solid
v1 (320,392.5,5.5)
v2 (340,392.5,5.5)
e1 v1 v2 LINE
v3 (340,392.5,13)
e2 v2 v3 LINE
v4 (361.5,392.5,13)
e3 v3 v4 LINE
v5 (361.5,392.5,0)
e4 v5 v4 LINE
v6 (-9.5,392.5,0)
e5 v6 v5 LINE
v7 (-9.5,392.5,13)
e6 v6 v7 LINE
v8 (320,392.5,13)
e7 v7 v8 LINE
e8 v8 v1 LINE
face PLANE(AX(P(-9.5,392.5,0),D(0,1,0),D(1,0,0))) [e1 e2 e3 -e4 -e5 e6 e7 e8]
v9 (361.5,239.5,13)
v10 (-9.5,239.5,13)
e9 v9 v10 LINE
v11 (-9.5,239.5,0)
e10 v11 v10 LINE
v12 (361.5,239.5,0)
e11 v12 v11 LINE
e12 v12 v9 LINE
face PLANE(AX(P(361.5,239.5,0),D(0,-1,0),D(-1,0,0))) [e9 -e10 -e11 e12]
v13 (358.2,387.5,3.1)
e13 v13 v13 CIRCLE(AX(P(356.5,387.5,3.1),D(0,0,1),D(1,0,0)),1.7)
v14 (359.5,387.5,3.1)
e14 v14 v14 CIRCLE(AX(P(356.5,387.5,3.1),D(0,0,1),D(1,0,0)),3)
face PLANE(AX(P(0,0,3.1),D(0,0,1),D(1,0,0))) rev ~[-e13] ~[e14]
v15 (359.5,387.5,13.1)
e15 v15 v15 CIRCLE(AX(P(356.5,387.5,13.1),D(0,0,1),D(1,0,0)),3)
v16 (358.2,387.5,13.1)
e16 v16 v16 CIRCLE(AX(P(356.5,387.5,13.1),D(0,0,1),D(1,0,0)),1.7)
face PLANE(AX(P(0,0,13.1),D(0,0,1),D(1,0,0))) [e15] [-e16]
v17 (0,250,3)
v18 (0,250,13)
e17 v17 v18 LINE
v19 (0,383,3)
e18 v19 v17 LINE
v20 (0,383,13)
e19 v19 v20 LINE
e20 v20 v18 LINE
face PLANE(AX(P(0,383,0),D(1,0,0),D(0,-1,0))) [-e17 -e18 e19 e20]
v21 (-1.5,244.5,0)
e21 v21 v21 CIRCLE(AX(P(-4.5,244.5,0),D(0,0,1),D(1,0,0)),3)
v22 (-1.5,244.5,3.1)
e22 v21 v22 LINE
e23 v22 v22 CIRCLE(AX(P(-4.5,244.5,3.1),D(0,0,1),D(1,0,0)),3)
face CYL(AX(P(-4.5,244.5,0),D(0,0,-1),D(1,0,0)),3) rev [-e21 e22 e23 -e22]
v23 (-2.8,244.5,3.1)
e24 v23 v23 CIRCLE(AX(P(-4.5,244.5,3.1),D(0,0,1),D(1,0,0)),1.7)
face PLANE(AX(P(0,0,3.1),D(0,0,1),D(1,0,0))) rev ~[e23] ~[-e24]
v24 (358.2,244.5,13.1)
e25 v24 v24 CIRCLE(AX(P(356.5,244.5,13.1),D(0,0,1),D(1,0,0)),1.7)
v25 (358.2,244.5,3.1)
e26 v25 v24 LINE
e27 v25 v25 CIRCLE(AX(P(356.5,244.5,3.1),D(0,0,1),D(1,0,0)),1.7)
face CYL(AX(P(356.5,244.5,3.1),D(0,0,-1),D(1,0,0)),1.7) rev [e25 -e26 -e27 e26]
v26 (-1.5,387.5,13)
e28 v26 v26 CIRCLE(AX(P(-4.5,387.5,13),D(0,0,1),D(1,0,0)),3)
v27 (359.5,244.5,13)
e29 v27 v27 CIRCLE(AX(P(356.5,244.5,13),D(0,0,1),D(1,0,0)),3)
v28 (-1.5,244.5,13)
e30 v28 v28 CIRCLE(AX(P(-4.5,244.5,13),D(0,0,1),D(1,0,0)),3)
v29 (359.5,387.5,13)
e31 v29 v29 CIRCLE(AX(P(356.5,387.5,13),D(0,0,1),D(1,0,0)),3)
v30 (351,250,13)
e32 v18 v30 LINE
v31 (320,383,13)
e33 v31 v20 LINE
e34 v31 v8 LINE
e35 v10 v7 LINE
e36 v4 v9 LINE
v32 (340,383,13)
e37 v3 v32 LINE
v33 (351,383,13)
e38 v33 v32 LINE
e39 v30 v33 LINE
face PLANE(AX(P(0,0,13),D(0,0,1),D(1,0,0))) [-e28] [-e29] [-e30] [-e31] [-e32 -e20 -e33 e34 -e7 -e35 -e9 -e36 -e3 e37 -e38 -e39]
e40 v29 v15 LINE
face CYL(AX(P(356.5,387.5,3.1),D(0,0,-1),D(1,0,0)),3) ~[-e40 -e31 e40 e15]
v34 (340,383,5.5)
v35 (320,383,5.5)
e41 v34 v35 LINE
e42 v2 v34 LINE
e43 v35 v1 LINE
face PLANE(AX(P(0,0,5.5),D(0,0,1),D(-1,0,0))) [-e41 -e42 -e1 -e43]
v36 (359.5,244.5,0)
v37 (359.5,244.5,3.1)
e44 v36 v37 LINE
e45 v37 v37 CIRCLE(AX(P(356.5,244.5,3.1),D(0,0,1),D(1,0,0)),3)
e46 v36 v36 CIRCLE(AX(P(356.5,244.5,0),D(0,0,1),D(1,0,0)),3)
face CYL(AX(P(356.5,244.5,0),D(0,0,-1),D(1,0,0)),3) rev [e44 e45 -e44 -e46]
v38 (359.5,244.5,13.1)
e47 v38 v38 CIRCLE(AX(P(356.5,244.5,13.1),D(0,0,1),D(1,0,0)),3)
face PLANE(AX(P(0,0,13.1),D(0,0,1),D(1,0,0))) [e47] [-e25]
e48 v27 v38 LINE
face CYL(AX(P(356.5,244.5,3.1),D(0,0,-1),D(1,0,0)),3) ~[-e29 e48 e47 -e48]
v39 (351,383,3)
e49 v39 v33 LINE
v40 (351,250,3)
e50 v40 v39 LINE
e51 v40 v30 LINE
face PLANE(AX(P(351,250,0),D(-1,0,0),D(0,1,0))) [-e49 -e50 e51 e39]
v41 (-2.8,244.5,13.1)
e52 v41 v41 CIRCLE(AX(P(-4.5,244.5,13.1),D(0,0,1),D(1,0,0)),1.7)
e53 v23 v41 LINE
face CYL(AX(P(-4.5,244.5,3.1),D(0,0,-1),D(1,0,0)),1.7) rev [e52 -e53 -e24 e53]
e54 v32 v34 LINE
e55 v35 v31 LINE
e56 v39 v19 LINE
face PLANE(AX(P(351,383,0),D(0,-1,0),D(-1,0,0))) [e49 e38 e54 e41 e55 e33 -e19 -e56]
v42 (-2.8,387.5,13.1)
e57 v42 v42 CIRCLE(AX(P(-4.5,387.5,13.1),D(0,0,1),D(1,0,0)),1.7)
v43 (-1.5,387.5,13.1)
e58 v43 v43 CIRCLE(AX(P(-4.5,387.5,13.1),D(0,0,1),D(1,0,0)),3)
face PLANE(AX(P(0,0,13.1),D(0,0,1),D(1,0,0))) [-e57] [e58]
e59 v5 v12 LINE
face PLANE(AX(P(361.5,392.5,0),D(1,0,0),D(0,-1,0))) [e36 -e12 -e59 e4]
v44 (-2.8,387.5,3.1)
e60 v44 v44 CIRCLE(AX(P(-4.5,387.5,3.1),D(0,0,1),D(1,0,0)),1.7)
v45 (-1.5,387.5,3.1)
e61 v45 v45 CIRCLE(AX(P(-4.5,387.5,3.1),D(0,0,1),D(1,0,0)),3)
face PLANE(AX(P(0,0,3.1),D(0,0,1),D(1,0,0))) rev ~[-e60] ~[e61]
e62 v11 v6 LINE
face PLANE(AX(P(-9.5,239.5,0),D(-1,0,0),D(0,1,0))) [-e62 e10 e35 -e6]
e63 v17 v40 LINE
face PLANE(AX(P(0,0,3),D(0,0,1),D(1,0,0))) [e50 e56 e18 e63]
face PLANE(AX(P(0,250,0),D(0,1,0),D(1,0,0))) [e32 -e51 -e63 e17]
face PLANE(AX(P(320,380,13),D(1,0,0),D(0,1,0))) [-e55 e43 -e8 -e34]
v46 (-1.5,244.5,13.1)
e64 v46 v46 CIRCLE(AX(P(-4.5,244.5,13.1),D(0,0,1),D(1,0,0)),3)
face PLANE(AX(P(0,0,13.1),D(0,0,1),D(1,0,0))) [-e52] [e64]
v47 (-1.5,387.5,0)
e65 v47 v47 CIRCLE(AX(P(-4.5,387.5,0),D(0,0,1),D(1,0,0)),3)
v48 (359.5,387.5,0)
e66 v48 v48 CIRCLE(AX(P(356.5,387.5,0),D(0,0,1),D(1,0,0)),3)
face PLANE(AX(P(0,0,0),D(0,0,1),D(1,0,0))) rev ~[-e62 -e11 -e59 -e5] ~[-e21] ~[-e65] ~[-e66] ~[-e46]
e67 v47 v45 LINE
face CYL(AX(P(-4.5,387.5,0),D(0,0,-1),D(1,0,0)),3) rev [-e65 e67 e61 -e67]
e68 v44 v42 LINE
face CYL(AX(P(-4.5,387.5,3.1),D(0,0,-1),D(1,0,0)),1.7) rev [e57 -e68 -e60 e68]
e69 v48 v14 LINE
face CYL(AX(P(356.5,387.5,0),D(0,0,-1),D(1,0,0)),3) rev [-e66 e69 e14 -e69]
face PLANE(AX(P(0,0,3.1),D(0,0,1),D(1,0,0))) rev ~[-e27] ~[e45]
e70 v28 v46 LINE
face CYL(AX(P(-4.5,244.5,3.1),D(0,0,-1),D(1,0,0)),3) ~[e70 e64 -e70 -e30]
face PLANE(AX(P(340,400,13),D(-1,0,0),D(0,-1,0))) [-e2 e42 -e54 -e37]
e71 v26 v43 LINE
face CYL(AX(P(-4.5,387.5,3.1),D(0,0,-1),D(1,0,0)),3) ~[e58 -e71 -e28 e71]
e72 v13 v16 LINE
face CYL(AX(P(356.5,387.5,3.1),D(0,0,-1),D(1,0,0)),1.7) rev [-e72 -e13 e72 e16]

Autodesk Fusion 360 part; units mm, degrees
sketch "Sketch1" plane through (0, 0, 0) normal (0, 0, 1) x (1, 0, 0)
  line L0 (0, 250) -> (351, 250)
  line L1 (351, 250) -> (351, 383)
  line L2 (351, 383) -> (0, 383)
  line L3 (0, 383) -> (0, 250)
  line L4 (-9.5, 392.5) -> (361.5, 392.5)
  line L5 (361.5, 392.5) -> (361.5, 239.5)
  line L6 (361.5, 239.5) -> (-9.5, 239.5)
  line L7 (-9.5, 239.5) -> (-9.5, 392.5)
  circle A0 centre (-4.5, 244.5) radius 1.7
  circle A1 centre (356.5, 244.5) radius 1.7
  circle A2 centre (-4.5, 387.5) radius 1.7
  circle A3 centre (356.5, 387.5) radius 1.7
  circle A4 centre (-4.5, 387.5) radius 3
  circle A5 centre (356.5, 244.5) radius 3
  circle A6 centre (-4.5, 244.5) radius 3
  circle A7 centre (356.5, 387.5) radius 3
  dimension "d1" = 351
  dimension "d2" = 133
  dimension "d3" = 371
  dimension "d4" = 153
  dimension "d5" = 9.5
  dimension "d10" = 9.5
  dimension "d11" = 3.4
  dimension "d12" = 5
  dimension "d13" = 5
  dimension "d14" = 3.4
  dimension "d15" = 5
  dimension "d16" = 5
  dimension "d17" = 3.4
  dimension "d18" = 5
  dimension "d19" = 5
  dimension "d21" = 5
  dimension "d22" = 5
  dimension "d23" = 6
  dimension "d24" = 6
  dimension "d25" = 6
  dimension "d26" = 6
extrude "Extrude1" add sketch "Sketch1" along normal blind 10 from surface at 3.1 contours A4 | A5 | A6 | A7 makes body 1 at (-1.5928, 245.2403, 9.7667) makes body 2 at (357.3125, 247.3879, 9.7667) makes body 3 at (-7.0599, 389.0643, 9.7667) makes body 4 at (355.1314, 384.8304, 6.4333)
extrude "Extrude2" add sketch "Sketch1" along normal blind 13 contours L4 L5 L6 L7 bodies 1 2 3 4
extrude "Extrude3" add sketch "Sketch1" along normal blind 3 contours L0 L1 L2 L3 bodies 1
sketch "Sketch2" plane through (0, 0, 13) normal (0, 0, 1) x (-1, 0, 0)
  line L0 (0, -250) -> (0, -383)
  line L1 (0, -383) -> (-351, -383)
  line L2 (-351, -383) -> (-351, -250)
  line L3 (-351, -250) -> (0, -250)
  circle A0 centre (-356.5, -244.5) radius 3
  circle A1 centre (4.5, -244.5) radius 3
  circle A2 centre (4.5, -387.5) radius 3
  circle A3 centre (-356.5, -387.5) radius 3
  line L4 (9.5, -239.5) -> (-361.5, -239.5)
  line L5 (-361.5, -239.5) -> (-361.5, -392.5)
  line L6 (-361.5, -392.5) -> (9.5, -392.5)
  line L7 (9.5, -392.5) -> (9.5, -239.5)
sketch "Sketch3" plane through (0, 0, 13) normal (0, 0, 1) x (-1, 0, 0)
  line L0 (2440, -1230) -> (2470, -1230)
  line L1 (2470, -1230) -> (2470, -1260)
  line L2 (2470, -1260) -> (2440, -1260)
  line L3 (2440, -1260) -> (2440, -1230)
sketch "Sketch4" plane through (0, 0, 0) normal (1, 0, 0) x (0, 1, 0)
sketch "Sketch5" plane through (0, 0, 0) normal (0, 0, 1) x (1, 0, 0)
extrude "Extrude4" cut sketch "Sketch3" against normal blind 7.5 bodies 1
sketch "Sketch6" plane through (0, 0, 13) normal (0, 0, 1) x (-1, 0, 0)
  line L0 (-320, -400) -> (-340, -400)
  line L1 (-340, -400) -> (-340, -380)
  line L2 (-340, -380) -> (-320, -380)
  line L3 (-320, -380) -> (-320, -400)
extrude "Extrude5" cut sketch "Sketch6" against normal blind 7.5 bodies 1
